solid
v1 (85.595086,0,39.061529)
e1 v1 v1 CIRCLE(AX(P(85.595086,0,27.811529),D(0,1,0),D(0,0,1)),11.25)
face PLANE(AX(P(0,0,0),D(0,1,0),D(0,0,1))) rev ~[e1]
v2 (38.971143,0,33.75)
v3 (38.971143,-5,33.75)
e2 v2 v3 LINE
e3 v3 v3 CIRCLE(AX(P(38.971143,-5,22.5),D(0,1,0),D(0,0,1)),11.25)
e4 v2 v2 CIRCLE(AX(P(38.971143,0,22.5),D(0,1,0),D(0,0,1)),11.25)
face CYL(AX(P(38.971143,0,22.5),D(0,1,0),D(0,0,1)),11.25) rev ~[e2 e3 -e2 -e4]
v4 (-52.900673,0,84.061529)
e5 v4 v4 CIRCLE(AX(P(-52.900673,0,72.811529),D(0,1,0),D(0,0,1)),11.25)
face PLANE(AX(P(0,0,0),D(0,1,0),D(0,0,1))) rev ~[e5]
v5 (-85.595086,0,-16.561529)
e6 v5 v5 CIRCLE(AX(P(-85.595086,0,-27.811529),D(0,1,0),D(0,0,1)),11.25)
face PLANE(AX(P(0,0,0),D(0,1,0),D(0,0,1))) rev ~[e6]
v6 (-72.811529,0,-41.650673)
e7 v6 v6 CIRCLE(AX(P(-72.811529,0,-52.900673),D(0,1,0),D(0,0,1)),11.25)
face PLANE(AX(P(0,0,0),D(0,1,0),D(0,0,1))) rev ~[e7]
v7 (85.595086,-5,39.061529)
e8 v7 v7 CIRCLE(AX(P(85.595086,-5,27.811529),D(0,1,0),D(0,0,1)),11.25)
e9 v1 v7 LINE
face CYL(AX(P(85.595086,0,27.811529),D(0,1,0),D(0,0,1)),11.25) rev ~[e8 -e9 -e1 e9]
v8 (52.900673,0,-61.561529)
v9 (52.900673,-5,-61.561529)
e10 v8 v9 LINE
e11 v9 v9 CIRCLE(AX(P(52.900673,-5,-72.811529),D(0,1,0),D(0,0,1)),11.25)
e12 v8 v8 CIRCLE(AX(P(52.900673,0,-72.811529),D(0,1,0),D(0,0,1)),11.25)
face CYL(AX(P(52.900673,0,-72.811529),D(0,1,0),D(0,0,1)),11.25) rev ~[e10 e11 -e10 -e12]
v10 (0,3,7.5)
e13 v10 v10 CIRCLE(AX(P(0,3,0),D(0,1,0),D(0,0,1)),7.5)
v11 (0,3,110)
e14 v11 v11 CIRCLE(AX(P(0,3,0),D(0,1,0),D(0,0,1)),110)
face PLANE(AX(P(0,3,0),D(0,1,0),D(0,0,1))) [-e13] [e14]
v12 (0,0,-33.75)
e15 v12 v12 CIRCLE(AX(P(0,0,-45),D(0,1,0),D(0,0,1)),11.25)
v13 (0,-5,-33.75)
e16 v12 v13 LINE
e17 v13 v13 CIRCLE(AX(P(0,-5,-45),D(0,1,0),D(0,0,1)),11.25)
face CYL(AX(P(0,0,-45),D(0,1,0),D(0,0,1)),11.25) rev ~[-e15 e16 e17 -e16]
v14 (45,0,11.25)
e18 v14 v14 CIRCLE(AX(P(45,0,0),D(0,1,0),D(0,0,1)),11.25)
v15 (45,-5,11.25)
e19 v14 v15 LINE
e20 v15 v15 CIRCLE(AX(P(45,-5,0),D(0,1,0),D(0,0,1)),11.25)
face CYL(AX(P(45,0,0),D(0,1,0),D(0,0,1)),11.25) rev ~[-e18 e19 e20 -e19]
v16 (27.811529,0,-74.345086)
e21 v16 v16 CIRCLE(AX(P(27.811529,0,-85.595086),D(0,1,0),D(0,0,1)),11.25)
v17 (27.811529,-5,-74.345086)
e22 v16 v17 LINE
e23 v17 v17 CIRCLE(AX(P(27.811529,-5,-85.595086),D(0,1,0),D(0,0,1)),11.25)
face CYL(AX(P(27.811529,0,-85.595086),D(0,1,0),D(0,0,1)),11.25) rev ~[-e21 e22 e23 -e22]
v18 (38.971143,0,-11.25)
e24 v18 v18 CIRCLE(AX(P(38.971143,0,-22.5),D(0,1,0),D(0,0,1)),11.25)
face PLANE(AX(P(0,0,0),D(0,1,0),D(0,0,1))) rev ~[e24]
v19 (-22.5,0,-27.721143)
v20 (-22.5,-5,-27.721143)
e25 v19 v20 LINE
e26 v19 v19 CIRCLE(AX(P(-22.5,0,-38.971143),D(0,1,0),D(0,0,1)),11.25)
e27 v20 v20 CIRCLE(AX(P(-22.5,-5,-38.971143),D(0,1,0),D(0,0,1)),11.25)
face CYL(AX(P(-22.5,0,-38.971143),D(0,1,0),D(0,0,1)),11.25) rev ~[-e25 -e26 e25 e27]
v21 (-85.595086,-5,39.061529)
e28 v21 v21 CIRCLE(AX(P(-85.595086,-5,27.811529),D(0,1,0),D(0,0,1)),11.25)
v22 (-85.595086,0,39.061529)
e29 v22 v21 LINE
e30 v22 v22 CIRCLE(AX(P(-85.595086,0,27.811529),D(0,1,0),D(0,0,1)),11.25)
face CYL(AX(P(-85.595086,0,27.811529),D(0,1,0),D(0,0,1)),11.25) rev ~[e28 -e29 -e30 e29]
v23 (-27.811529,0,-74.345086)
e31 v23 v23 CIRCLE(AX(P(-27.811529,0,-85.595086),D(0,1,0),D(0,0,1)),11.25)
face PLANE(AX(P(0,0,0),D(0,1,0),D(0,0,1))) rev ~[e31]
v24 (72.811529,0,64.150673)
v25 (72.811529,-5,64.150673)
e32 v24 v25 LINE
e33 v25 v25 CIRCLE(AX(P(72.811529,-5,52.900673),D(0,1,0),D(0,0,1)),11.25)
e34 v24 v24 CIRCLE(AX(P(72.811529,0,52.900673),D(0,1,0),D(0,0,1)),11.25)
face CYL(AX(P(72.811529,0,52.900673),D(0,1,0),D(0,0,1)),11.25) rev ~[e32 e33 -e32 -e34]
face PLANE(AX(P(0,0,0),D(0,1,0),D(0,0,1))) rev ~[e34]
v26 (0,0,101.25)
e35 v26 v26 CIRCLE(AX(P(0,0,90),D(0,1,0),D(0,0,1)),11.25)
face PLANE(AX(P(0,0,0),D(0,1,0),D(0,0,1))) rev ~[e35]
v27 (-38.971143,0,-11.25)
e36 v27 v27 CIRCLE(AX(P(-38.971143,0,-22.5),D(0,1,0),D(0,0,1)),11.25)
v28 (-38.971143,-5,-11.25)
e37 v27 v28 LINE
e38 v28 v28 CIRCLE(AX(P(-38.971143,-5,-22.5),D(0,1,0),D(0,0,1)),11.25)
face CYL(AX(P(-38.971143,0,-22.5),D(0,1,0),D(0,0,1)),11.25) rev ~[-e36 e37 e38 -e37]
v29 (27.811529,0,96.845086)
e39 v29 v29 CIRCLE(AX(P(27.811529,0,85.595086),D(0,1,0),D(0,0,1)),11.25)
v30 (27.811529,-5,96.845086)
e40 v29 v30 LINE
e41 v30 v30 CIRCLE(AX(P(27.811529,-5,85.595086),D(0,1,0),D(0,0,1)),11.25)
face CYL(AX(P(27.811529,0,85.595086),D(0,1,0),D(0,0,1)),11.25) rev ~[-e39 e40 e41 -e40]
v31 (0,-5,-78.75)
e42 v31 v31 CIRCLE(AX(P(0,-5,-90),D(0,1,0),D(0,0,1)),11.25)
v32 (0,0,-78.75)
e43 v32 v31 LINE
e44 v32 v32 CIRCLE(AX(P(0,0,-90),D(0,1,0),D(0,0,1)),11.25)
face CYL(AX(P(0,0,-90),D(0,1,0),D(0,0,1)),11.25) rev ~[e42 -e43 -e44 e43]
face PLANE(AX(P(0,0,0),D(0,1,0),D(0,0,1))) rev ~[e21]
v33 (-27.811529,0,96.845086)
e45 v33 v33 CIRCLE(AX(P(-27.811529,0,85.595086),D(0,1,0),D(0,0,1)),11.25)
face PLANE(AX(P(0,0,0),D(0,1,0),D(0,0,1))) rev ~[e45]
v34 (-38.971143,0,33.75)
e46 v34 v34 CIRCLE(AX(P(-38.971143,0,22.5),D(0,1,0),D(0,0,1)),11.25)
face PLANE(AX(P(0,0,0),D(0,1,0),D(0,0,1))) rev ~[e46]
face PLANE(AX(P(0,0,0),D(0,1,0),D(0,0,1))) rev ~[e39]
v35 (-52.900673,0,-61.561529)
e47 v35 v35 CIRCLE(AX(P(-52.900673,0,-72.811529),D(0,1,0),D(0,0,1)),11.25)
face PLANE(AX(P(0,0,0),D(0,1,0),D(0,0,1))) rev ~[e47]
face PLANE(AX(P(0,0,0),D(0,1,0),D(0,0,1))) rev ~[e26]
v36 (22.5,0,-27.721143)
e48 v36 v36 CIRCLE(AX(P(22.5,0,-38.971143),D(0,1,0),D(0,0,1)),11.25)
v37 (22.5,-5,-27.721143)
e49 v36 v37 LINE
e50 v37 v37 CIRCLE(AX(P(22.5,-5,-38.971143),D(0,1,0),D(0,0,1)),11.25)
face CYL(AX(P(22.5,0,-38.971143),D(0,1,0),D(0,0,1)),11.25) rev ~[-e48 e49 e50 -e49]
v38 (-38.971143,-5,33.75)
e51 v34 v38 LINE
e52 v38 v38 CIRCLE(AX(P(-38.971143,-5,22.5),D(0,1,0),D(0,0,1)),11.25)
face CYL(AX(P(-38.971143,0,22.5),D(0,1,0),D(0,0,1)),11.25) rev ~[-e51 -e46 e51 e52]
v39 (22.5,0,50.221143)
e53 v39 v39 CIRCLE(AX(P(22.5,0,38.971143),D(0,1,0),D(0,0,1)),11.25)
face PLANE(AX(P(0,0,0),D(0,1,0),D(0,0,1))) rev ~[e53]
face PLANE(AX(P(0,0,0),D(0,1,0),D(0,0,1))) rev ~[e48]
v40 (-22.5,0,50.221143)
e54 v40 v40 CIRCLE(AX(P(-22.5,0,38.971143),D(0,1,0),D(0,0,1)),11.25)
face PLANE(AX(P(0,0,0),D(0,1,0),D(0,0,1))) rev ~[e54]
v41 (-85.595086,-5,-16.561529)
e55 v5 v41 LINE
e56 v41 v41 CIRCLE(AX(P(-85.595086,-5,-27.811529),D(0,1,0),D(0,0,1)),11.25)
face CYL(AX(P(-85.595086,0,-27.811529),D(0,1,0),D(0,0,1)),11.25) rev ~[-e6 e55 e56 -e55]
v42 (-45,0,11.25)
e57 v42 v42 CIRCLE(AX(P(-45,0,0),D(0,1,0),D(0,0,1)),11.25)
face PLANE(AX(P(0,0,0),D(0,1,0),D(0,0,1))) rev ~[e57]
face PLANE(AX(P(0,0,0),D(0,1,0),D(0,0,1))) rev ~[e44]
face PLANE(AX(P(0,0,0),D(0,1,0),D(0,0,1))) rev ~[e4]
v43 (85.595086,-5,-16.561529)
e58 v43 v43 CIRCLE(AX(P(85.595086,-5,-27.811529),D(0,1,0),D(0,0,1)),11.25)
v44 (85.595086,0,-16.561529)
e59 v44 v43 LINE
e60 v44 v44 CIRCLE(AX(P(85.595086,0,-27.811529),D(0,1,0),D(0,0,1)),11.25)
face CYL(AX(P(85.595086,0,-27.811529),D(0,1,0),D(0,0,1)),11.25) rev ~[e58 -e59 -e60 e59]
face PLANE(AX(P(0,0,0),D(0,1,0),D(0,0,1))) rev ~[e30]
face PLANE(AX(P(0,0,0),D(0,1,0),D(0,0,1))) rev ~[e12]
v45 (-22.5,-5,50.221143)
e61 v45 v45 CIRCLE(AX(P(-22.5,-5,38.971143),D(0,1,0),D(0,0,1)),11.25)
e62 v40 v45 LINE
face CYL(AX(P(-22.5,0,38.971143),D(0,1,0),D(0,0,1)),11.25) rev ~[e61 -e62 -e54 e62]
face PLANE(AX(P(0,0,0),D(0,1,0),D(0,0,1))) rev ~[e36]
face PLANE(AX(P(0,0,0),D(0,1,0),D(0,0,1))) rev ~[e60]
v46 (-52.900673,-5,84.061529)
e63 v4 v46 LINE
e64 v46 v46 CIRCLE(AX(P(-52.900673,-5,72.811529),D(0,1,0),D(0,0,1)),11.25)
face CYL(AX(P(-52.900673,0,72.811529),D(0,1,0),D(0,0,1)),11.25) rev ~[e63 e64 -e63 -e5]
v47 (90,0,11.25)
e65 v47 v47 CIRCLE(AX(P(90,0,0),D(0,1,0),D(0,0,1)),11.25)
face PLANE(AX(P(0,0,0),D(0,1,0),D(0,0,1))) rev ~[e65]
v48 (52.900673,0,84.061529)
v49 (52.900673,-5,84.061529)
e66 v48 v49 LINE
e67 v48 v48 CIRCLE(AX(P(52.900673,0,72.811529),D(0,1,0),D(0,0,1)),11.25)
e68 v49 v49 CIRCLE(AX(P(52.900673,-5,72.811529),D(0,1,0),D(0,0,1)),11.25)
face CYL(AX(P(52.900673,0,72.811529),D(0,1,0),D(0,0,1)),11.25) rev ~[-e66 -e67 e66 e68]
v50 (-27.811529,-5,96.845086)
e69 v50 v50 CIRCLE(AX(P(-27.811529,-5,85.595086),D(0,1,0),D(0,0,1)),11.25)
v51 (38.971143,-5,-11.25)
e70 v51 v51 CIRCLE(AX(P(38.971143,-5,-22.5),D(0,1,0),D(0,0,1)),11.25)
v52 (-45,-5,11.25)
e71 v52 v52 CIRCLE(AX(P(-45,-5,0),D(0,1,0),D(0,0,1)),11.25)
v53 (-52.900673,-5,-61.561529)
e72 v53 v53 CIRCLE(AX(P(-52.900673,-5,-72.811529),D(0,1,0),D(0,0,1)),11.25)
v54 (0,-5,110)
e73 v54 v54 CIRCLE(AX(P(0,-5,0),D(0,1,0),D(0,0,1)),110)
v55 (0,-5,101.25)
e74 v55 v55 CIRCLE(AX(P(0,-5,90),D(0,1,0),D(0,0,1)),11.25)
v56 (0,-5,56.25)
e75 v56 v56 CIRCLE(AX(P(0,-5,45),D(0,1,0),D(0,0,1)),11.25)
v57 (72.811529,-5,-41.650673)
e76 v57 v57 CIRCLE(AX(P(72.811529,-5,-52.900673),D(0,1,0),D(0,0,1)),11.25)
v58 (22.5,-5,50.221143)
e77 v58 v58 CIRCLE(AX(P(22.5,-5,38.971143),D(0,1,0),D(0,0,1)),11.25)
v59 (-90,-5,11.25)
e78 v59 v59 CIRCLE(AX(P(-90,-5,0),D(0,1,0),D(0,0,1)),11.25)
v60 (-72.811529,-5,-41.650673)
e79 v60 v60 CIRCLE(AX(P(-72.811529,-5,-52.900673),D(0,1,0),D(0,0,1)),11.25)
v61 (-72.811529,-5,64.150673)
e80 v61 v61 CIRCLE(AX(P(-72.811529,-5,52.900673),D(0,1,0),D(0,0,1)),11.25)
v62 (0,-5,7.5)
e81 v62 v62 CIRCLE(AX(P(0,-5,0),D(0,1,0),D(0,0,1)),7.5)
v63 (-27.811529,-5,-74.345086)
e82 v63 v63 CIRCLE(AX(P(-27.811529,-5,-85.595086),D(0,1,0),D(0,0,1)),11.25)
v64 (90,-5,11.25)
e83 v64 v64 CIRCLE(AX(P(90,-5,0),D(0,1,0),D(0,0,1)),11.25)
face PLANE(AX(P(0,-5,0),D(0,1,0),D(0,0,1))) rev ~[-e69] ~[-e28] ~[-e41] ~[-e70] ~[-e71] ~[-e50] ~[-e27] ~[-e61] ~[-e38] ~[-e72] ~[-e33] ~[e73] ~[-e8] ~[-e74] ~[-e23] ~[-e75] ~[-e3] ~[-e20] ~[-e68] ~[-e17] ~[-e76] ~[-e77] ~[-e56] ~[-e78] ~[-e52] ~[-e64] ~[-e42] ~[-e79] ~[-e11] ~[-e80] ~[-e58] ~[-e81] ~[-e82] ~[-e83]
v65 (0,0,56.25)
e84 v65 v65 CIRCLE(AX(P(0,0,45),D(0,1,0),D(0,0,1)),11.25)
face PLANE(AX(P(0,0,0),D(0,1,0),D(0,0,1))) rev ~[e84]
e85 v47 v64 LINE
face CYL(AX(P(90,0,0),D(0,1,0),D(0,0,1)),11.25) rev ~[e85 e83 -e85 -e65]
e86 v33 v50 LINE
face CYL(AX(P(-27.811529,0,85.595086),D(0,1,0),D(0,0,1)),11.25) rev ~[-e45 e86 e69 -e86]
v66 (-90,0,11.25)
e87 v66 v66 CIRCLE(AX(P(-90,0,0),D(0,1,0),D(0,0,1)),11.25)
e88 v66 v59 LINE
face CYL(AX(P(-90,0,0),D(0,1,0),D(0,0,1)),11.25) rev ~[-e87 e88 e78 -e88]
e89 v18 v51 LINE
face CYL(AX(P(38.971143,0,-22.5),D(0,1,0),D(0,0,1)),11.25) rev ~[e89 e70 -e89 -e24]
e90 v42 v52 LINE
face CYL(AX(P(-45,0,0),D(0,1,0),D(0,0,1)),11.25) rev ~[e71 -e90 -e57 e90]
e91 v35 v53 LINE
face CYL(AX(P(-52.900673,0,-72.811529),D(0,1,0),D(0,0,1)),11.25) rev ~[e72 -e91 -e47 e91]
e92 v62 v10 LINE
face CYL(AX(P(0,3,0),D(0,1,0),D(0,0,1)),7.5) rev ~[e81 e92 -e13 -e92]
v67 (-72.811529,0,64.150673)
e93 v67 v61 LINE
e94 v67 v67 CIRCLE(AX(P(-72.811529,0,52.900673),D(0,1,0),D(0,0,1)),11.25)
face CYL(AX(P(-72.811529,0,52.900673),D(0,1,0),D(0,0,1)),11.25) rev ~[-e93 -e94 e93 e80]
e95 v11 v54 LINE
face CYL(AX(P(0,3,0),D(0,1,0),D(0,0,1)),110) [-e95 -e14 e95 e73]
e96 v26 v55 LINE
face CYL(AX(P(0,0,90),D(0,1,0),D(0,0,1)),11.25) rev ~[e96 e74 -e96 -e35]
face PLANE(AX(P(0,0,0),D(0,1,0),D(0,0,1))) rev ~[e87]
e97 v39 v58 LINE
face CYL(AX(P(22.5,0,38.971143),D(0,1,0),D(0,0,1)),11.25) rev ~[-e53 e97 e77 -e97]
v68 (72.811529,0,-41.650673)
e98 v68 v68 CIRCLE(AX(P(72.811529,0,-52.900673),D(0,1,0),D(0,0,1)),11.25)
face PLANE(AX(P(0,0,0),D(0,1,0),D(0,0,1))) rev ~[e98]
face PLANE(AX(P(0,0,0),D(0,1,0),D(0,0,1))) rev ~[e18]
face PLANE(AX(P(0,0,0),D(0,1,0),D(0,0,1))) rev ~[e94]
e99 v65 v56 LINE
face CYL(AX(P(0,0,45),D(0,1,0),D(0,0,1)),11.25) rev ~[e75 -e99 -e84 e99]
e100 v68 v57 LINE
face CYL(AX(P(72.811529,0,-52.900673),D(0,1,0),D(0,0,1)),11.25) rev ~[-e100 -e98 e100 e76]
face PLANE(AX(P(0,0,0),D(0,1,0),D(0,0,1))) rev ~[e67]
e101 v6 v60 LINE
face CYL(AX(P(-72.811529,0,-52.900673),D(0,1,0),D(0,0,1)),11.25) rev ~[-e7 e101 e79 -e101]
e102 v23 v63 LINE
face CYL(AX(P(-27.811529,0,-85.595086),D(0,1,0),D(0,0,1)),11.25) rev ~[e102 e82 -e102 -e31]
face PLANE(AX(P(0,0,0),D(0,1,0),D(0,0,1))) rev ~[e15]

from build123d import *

# Parameters (mm, degrees)
SKETCH2_R           = 110
SKETCH2_R_2         = 11.25
SKETCH2_R_3         = 7.5
BOSS_EXTRUDE1_DEPTH = 5
BOSS_EXTRUDE2_START = 3
SKETCH1_R           = 110
SKETCH1_R_2         = 7.5
BOSS_EXTRUDE2_DEPTH = 3


with BuildPart() as part:
    # Sketch2 → Boss-Extrude1 (new body)
    with BuildSketch(Plane(origin=(0, 0, 0), x_dir=(1, 0, 0), z_dir=(0, 1, 0))):
        with Locations(Location((0, 0, 0), (0, 0, 270))):
            Circle(SKETCH2_R)
        with Locations(Location((0, 45, 0), (0, 0, 270))):
            Circle(SKETCH2_R_2, mode=Mode.SUBTRACT)
        with Locations(Location((22.5, 38.97114317, 0), (0, 0, 270))):
            Circle(SKETCH2_R_2, mode=Mode.SUBTRACT)
        with Locations(Location((38.97114317, 22.5, 0), (0, 0, 270))):
            Circle(SKETCH2_R_2, mode=Mode.SUBTRACT)
        with Locations(Location((45, 0, 0), (0, 0, 270))):
            Circle(SKETCH2_R_2, mode=Mode.SUBTRACT)
        with Locations(Location((38.97114317, -22.5, 0), (0, 0, 270))):
            Circle(SKETCH2_R_2, mode=Mode.SUBTRACT)
        with Locations(Location((22.5, -38.97114317, 0), (0, 0, 270))):
            Circle(SKETCH2_R_2, mode=Mode.SUBTRACT)
        with Locations(Location((0, -45, 0), (0, 0, 270))):
            Circle(SKETCH2_R_2, mode=Mode.SUBTRACT)
        with Locations(Location((-22.5, -38.97114317, 0), (0, 0, 270))):
            Circle(SKETCH2_R_2, mode=Mode.SUBTRACT)
        with Locations(Location((-38.97114317, -22.5, 0), (0, 0, 270))):
            Circle(SKETCH2_R_2, mode=Mode.SUBTRACT)
        with Locations(Location((-45, 0, 0), (0, 0, 270))):
            Circle(SKETCH2_R_2, mode=Mode.SUBTRACT)
        with Locations(Location((0, 0, 0), (0, 0, 270))):
            Circle(SKETCH2_R_3, mode=Mode.SUBTRACT)
        with Locations(Location((-38.97114317, 22.5, 0), (0, 0, 270))):
            Circle(SKETCH2_R_2, mode=Mode.SUBTRACT)
        with Locations(Location((-22.5, 38.97114317, 0), (0, 0, 270))):
            Circle(SKETCH2_R_2, mode=Mode.SUBTRACT)
        with Locations(Location((0, 90, 0), (0, 0, 270))):
            Circle(SKETCH2_R_2, mode=Mode.SUBTRACT)
        with Locations(Location((27.811529494, 85.595086467, 0), (0, 0, 270))):
            Circle(SKETCH2_R_2, mode=Mode.SUBTRACT)
        with Locations(Location((52.900672706, 72.811529494, 0), (0, 0, 270))):
            Circle(SKETCH2_R_2, mode=Mode.SUBTRACT)
        with Locations(Location((72.811529494, 52.900672706, 0), (0, 0, 270))):
            Circle(SKETCH2_R_2, mode=Mode.SUBTRACT)
        with Locations(Location((85.595086467, 27.811529494, 0), (0, 0, 270))):
            Circle(SKETCH2_R_2, mode=Mode.SUBTRACT)
        with Locations(Location((90, 0, 0), (0, 0, 270))):
            Circle(SKETCH2_R_2, mode=Mode.SUBTRACT)
        with Locations(Location((85.595086467, -27.811529494, 0), (0, 0, 270))):
            Circle(SKETCH2_R_2, mode=Mode.SUBTRACT)
        with Locations(Location((72.811529494, -52.900672706, 0), (0, 0, 270))):
            Circle(SKETCH2_R_2, mode=Mode.SUBTRACT)
        with Locations(Location((52.900672706, -72.811529494, 0), (0, 0, 270))):
            Circle(SKETCH2_R_2, mode=Mode.SUBTRACT)
        with Locations(Location((27.811529494, -85.595086467, 0), (0, 0, 270))):
            Circle(SKETCH2_R_2, mode=Mode.SUBTRACT)
        with Locations(Location((0, -90, 0), (0, 0, 270))):
            Circle(SKETCH2_R_2, mode=Mode.SUBTRACT)
        with Locations(Location((-27.811529494, -85.595086467, 0), (0, 0, 270))):
            Circle(SKETCH2_R_2, mode=Mode.SUBTRACT)
        with Locations(Location((-52.900672706, -72.811529494, 0), (0, 0, 270))):
            Circle(SKETCH2_R_2, mode=Mode.SUBTRACT)
        with Locations(Location((-72.811529494, -52.900672706, 0), (0, 0, 270))):
            Circle(SKETCH2_R_2, mode=Mode.SUBTRACT)
        with Locations(Location((-85.595086467, -27.811529494, 0), (0, 0, 270))):
            Circle(SKETCH2_R_2, mode=Mode.SUBTRACT)
        with Locations(Location((-90, 0, 0), (0, 0, 270))):
            Circle(SKETCH2_R_2, mode=Mode.SUBTRACT)
        with Locations(Location((-85.595086467, 27.811529494, 0), (0, 0, 270))):
            Circle(SKETCH2_R_2, mode=Mode.SUBTRACT)
        with Locations(Location((-72.811529494, 52.900672706, 0), (0, 0, 270))):
            Circle(SKETCH2_R_2, mode=Mode.SUBTRACT)
        with Locations(Location((-52.900672706, 72.811529494, 0), (0, 0, 270))):
            Circle(SKETCH2_R_2, mode=Mode.SUBTRACT)
        with Locations(Location((-27.811529494, 85.595086467, 0), (0, 0, 270))):
            Circle(SKETCH2_R_2, mode=Mode.SUBTRACT)
    extrude(amount=-BOSS_EXTRUDE1_DEPTH)

    # Sketch1 → Boss-Extrude2 (add)
    with BuildSketch(Plane(origin=(0, 0, 0), x_dir=(1, 0, 0), z_dir=(0, 1, 0)).offset(BOSS_EXTRUDE2_START)):
        with Locations(Location((0, 0, 0), (0, 0, 270))):
            Circle(SKETCH1_R)
        with Locations(Location((0, 0, 0), (0, 0, 270))):
            Circle(SKETCH1_R_2, mode=Mode.SUBTRACT)
    extrude(amount=-BOSS_EXTRUDE2_DEPTH)


solid = part.part
